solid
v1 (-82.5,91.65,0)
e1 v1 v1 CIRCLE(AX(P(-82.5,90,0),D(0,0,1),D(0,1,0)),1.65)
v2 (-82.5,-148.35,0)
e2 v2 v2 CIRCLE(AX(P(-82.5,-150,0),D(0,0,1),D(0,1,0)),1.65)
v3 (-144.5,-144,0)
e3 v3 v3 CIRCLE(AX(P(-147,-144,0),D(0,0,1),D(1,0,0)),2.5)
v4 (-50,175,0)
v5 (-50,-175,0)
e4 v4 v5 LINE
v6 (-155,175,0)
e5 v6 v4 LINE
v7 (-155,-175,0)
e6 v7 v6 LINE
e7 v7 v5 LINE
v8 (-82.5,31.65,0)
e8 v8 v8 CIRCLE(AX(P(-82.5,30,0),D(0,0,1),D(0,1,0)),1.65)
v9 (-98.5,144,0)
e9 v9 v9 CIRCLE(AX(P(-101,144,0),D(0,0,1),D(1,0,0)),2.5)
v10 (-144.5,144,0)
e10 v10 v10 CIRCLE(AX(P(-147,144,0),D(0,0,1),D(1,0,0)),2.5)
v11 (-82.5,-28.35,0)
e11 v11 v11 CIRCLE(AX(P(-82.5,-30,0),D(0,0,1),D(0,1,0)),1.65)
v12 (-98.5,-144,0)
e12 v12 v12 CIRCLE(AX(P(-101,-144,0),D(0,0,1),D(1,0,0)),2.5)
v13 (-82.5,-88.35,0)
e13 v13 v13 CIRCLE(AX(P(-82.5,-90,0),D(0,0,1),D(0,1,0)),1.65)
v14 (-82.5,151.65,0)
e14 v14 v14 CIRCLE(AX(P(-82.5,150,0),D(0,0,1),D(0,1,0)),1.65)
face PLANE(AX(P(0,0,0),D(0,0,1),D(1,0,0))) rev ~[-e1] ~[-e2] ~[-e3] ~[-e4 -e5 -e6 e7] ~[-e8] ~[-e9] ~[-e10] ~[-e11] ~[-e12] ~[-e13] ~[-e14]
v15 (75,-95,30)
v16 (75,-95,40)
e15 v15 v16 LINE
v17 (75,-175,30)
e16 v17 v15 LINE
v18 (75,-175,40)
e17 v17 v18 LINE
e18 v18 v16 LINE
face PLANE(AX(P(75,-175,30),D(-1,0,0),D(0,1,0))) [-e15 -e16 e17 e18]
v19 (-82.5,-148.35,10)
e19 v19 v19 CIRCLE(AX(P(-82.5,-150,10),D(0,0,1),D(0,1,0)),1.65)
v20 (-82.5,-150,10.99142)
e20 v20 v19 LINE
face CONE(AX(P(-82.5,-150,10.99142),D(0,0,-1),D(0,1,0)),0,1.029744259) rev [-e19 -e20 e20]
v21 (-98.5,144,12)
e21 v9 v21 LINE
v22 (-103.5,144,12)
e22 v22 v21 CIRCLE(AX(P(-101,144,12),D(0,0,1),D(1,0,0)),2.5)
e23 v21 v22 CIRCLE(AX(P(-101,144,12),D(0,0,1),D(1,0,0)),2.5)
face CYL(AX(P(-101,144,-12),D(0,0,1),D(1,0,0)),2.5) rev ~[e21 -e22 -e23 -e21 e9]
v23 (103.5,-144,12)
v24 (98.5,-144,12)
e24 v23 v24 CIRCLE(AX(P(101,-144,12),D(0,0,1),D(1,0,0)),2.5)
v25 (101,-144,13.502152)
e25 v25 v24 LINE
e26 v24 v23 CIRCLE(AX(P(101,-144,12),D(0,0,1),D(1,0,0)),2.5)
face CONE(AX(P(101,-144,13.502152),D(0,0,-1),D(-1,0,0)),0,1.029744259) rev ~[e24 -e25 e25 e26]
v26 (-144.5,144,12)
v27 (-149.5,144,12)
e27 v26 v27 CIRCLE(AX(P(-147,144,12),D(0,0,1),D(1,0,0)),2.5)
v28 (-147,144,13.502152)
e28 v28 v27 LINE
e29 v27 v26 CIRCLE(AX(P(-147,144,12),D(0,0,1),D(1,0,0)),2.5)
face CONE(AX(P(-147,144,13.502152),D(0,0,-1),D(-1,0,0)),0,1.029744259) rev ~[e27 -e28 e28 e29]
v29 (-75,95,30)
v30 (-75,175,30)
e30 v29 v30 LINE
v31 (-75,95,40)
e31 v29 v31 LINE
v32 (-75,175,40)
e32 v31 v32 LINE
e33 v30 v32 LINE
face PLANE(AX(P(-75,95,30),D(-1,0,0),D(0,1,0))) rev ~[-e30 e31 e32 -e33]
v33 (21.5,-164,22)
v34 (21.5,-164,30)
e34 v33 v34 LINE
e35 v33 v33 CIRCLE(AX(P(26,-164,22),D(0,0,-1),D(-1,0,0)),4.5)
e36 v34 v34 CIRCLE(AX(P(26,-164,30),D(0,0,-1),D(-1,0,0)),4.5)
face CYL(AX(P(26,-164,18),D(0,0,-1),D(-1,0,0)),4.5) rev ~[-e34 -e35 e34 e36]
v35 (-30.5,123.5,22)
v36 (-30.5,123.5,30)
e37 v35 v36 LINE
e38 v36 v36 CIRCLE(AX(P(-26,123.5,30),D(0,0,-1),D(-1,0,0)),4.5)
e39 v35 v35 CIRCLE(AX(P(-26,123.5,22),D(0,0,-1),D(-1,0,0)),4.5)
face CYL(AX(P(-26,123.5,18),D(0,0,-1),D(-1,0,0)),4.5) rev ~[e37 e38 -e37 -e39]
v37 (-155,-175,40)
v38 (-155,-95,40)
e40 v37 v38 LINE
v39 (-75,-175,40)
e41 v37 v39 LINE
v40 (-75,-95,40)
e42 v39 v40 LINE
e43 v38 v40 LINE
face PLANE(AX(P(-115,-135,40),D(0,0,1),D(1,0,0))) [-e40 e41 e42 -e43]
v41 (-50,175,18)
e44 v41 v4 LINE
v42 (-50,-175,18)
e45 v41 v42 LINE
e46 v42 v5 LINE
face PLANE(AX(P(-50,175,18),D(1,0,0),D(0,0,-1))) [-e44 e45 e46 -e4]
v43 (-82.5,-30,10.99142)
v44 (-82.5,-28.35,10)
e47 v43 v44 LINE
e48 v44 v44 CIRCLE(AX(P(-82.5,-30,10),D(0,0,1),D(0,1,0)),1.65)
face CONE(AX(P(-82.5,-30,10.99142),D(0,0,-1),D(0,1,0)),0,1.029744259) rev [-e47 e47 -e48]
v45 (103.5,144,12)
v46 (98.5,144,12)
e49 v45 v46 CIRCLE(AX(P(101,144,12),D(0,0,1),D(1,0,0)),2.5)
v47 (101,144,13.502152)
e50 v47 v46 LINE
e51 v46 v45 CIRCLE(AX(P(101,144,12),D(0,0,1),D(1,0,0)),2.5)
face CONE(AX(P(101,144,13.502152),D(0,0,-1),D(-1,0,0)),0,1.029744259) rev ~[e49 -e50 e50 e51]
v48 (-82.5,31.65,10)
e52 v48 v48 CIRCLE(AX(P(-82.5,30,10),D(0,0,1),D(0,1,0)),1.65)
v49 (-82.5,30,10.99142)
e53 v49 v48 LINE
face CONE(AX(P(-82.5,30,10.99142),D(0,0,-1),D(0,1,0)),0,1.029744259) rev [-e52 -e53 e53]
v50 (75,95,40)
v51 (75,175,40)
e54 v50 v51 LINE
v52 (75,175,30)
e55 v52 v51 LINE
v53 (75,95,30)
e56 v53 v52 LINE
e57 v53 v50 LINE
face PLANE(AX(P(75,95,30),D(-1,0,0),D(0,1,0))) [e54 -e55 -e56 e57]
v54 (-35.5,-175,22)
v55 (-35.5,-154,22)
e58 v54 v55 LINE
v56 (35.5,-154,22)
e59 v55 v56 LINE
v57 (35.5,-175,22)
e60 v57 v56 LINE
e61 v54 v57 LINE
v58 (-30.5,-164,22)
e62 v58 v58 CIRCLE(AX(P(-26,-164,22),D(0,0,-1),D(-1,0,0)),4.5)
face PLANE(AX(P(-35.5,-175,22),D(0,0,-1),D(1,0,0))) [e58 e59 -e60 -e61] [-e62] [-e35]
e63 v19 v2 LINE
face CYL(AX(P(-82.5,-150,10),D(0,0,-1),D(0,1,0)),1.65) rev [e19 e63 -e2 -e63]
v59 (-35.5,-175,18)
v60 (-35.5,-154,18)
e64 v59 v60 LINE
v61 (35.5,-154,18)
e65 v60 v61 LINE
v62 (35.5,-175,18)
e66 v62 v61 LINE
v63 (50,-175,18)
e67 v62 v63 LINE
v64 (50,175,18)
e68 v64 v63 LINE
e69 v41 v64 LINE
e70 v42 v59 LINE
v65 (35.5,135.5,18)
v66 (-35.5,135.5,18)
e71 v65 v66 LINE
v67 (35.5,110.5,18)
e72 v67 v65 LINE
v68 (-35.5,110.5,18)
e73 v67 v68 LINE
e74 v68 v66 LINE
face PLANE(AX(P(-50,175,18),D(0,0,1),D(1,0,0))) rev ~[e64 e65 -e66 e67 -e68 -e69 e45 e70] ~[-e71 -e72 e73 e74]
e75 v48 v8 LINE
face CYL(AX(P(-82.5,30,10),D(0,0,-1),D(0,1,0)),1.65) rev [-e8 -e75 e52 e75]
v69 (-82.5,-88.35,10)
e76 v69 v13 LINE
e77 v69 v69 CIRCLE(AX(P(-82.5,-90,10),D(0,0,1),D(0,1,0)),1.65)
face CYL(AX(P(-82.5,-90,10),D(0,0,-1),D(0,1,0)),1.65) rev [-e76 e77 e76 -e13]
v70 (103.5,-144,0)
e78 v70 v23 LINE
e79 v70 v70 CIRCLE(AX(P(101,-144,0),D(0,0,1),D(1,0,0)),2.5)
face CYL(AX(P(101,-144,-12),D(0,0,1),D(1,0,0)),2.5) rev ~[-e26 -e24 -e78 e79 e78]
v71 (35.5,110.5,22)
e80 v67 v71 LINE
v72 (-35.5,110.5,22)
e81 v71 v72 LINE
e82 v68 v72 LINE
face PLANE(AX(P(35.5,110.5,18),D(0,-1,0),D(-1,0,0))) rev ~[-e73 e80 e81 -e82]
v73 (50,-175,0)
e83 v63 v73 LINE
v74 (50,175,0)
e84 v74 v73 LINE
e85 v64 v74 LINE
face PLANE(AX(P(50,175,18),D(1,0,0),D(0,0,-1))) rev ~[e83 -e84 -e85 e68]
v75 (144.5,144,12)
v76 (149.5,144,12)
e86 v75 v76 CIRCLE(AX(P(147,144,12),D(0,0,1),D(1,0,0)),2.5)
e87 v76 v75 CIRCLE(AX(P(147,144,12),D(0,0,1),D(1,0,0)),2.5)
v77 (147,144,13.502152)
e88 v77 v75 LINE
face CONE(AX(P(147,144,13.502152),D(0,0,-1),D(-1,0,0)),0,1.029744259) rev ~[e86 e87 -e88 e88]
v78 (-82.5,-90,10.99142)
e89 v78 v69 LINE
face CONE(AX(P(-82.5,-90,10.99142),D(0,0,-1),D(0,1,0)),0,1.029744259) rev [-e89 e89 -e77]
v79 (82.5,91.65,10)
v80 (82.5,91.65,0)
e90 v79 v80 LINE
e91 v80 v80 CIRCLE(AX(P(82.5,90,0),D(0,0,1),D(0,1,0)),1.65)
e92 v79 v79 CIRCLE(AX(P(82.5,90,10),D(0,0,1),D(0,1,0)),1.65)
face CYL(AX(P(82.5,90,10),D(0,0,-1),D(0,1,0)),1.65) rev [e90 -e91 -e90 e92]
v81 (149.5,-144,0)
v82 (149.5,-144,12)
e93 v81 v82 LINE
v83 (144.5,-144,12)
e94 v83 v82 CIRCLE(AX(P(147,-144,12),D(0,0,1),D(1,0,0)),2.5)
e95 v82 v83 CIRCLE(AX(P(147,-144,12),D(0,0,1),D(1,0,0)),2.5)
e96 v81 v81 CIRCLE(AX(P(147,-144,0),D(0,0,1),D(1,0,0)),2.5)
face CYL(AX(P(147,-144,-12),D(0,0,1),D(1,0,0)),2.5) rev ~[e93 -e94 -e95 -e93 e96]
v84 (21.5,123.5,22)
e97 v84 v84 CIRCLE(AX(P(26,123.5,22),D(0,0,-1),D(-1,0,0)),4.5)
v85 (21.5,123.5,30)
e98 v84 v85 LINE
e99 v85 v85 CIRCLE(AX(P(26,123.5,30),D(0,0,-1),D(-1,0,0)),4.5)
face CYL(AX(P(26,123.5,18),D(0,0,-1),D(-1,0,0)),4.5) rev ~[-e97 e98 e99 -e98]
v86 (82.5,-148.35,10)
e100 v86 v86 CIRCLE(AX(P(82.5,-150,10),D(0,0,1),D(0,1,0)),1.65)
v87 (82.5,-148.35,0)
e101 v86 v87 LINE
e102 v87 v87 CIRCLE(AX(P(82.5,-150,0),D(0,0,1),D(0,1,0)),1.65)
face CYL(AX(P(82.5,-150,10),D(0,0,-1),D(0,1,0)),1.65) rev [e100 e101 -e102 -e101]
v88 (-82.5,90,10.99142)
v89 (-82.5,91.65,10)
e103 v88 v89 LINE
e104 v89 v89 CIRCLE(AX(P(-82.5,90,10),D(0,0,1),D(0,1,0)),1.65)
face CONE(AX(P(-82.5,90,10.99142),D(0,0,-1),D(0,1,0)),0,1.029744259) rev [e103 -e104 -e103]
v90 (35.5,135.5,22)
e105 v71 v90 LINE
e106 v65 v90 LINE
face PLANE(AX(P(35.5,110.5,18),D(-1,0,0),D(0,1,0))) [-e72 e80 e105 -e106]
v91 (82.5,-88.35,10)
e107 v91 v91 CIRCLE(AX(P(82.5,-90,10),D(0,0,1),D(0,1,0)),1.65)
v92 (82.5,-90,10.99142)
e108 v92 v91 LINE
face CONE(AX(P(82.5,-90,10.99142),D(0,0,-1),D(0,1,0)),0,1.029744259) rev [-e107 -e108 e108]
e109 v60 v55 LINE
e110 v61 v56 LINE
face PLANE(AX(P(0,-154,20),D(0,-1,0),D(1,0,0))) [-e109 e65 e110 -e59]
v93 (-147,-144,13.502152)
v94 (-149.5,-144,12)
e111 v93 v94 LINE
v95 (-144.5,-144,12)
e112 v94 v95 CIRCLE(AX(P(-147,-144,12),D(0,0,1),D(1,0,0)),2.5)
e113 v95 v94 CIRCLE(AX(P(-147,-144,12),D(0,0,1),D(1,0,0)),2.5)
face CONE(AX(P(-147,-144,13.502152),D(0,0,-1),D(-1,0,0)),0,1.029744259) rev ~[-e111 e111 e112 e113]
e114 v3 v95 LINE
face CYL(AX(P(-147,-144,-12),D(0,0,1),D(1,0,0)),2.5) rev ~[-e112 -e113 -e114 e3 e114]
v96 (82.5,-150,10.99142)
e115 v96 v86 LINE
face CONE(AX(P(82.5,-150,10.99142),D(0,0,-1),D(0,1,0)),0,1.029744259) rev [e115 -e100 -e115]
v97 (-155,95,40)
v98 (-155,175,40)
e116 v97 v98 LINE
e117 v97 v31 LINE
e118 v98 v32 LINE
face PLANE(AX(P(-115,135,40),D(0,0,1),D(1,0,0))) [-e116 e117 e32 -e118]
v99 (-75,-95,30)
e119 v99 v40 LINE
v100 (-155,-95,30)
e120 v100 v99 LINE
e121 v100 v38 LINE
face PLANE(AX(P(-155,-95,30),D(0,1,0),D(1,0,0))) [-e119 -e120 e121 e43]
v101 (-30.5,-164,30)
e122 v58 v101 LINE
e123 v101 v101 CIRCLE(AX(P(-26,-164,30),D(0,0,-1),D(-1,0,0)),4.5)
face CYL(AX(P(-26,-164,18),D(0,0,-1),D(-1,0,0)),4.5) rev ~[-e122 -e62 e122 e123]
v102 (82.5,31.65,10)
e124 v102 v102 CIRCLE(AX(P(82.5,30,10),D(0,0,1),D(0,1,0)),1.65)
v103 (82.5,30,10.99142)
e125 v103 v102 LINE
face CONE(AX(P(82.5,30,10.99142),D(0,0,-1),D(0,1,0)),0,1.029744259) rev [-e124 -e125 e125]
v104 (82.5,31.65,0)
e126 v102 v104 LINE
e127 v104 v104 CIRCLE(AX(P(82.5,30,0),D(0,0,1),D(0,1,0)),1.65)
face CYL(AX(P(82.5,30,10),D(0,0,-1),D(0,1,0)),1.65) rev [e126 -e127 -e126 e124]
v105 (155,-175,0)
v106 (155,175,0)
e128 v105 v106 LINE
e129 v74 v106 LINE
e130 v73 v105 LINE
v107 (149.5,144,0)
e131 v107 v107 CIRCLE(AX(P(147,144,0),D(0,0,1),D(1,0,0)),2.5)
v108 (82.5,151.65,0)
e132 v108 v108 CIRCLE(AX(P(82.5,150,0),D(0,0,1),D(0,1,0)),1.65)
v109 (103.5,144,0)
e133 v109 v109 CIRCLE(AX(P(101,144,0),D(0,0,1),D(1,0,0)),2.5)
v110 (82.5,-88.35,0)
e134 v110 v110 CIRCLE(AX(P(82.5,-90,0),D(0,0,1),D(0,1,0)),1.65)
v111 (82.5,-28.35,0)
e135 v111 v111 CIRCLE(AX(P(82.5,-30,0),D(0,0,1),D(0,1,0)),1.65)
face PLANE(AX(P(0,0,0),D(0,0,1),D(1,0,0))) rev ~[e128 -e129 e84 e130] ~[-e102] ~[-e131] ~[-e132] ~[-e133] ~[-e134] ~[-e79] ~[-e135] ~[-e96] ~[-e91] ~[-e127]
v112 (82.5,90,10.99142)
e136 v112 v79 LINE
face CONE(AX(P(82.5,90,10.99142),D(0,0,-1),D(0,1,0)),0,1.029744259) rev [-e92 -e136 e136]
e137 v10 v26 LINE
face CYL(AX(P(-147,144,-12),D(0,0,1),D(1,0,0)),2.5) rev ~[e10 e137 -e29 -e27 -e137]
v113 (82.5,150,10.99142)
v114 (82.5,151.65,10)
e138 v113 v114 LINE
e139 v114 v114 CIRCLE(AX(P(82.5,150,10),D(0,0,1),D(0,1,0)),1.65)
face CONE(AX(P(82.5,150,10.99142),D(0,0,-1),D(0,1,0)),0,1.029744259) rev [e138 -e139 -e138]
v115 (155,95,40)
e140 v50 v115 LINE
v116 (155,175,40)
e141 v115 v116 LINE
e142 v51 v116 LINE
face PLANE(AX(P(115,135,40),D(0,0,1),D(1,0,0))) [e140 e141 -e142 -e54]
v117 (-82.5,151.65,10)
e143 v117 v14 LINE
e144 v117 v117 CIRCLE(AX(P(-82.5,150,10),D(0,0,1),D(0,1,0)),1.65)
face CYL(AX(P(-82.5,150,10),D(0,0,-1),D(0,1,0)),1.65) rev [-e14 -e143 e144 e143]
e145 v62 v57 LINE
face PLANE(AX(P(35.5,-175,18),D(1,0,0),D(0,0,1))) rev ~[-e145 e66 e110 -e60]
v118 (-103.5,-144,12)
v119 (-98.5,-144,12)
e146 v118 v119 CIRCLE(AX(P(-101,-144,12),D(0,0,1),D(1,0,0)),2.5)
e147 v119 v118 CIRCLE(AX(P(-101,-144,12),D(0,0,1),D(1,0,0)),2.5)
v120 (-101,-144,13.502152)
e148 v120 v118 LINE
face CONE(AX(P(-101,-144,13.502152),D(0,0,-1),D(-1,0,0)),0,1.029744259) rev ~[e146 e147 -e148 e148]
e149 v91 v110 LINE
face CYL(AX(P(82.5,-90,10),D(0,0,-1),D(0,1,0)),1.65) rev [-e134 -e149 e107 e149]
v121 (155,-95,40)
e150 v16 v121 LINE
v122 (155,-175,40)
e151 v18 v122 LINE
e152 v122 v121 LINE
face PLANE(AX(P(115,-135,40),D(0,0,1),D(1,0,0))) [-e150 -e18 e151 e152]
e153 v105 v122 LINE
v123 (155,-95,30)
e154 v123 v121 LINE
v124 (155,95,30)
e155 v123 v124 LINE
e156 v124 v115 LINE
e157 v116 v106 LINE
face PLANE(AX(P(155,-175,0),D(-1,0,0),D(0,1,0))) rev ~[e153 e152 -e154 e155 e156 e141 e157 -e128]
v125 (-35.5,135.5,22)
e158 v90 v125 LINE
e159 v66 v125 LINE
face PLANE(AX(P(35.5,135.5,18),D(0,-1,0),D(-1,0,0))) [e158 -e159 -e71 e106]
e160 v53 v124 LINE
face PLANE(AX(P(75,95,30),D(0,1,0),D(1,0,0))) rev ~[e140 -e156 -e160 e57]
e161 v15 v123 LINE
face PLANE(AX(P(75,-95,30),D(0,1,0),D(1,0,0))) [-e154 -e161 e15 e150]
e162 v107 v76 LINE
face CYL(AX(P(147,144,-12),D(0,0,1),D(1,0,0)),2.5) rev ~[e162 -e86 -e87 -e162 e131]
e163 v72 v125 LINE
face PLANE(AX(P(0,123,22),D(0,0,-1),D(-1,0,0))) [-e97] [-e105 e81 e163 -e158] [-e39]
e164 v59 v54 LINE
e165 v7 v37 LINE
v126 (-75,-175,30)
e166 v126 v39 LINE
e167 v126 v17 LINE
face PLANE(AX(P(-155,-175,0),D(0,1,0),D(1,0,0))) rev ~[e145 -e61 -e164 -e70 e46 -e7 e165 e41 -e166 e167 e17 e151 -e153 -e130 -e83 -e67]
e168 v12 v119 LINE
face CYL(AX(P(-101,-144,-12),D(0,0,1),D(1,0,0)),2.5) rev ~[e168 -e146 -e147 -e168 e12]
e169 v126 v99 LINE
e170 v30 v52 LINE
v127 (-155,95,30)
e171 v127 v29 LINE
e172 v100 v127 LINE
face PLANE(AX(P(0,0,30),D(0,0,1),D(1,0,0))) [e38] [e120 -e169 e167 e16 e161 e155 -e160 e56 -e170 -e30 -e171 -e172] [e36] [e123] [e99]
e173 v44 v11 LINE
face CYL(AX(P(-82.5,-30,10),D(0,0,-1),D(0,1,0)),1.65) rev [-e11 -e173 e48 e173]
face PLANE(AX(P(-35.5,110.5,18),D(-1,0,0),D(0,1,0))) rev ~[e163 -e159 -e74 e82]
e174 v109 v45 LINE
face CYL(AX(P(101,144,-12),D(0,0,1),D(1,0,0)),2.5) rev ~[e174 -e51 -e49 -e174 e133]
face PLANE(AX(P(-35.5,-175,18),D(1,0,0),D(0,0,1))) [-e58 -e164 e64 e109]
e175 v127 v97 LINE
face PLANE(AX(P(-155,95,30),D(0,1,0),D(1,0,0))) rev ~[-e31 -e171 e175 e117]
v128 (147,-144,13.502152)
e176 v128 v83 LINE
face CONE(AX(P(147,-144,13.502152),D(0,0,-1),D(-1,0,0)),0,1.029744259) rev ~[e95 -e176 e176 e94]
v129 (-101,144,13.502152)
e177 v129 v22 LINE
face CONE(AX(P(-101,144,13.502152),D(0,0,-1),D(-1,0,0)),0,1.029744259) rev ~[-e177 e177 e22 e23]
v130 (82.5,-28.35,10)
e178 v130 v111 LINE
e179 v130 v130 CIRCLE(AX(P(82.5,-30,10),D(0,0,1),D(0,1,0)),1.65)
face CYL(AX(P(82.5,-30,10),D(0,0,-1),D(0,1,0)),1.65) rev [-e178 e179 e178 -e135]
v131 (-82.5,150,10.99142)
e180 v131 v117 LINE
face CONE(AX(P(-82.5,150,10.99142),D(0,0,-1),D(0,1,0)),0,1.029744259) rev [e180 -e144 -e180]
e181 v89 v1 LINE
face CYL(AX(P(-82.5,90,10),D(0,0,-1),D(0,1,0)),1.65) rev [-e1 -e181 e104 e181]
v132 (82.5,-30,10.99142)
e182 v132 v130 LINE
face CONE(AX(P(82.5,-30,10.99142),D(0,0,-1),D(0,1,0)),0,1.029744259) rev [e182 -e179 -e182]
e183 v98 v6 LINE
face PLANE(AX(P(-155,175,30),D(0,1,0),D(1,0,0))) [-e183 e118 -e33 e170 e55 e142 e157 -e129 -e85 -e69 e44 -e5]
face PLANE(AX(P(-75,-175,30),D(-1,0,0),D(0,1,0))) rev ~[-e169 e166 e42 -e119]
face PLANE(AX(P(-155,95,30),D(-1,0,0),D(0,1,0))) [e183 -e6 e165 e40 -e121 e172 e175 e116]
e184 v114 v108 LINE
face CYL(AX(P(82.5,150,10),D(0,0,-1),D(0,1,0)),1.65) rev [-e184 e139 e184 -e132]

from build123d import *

# Parameters (mm, degrees)
SKETCH_1_W                  = 310
SKETCH_1_H                  = 350
EXTRUDE_1_DEPTH             = 30
SKETCH_2_W                  = 100
SKETCH_2_H                  = 18
CUT_EXTRUDE_1_DEPTH         = 384.959633295
SKETCH_3_W                  = 80
SKETCH_3_H                  = 80
EXTRUDE_2_DEPTH             = 10
SKETCH_5_W                  = 71
SKETCH_5_H                  = 4
CUT_EXTRUDE_3_DEPTH         = 21
SKETCH_7_W                  = 71
SKETCH_7_H                  = 25
CUT_EXTRUDE_4_DEPTH         = 4
SKETCH_8_R                  = 4.5
CUT_EXTRUDE_5_DEPTH         = 235.806303152
HOLE_WIZARD_M6_1_D          = 5
HOLE_WIZARD_M6_1_DEPTH      = 12
HOLE_WIZARD_M6_1_TIP        = 1.502151548
HOLE_WIZARD_M4_1_AT_2_COUNT = 2
HOLE_WIZARD_M4_1_AT_2_PITCH = 165
PATTERN_LINEAR_1_COUNT      = 6
PATTERN_LINEAR_1_PITCH      = 60


with BuildPart() as part:
    # 草图1 → 凸台-拉伸1 (new body)
    with BuildSketch(Plane.XY):
        Rectangle(SKETCH_1_W, SKETCH_1_H)
    extrude(amount=EXTRUDE_1_DEPTH)

    # 草图2 → 切除-拉伸1 (cut, through all)
    with BuildSketch(Plane(origin=(0, 175, 0), x_dir=(1, 0, 0), z_dir=(0, 1, 0))):
        with Locations((0, -9)):
            Rectangle(SKETCH_2_W, SKETCH_2_H)
    extrude(amount=-CUT_EXTRUDE_1_DEPTH, mode=Mode.SUBTRACT)

    # 草图3 → 凸台-拉伸2 (add)
    with BuildSketch(Plane.XY.offset(30)):
        with Locations((-115, 135)):
            Rectangle(SKETCH_3_W, SKETCH_3_H)
        with Locations((115, 135)):
            Rectangle(SKETCH_3_W, SKETCH_3_H)
        with Locations((-115, -135)):
            Rectangle(SKETCH_3_W, SKETCH_3_H)
        with Locations((115, -135)):
            Rectangle(SKETCH_3_W, SKETCH_3_H)
    extrude(amount=EXTRUDE_2_DEPTH)

    # 草图5 → 切除-拉伸3 (cut)
    with BuildSketch(Plane.XZ.offset(175)):
        with Locations((0, 20)):
            Rectangle(SKETCH_5_W, SKETCH_5_H)
    extrude(amount=-CUT_EXTRUDE_3_DEPTH, mode=Mode.SUBTRACT)

    # 草图7 → 切除-拉伸4 (cut)
    with BuildSketch(Plane(origin=(0, 0, 18), x_dir=(-1, 0, 0), z_dir=(0, 0, -1))):
        with Locations((0, 123)):
            Rectangle(SKETCH_7_W, SKETCH_7_H)
    extrude(amount=-CUT_EXTRUDE_4_DEPTH, mode=Mode.SUBTRACT)

    # 草图8 → 切除-拉伸5 (cut, through all)
    with BuildSketch(Plane(origin=(0, 0, 18), x_dir=(-1, 0, 0), z_dir=(0, 0, -1))):
        with Locations((-26, 123.5)):
            Circle(SKETCH_8_R)
        with Locations((26, 123.5)):
            Circle(SKETCH_8_R)
        with Locations((-26, -164)):
            Circle(SKETCH_8_R)
        with Locations((26, -164)):
            Circle(SKETCH_8_R)
    extrude(amount=-CUT_EXTRUDE_5_DEPTH, mode=Mode.SUBTRACT)

    # M6 螺纹孔1
    with Locations(Plane(origin=(147, 144, 0), x_dir=(-1, 0, 0), z_dir=(0, 0, -1))):
        with Locations((0, 0), (46, 0), (248, 0), (294, 0), (0, -288), (46, -288), (248, -288), (294, -288)):
            Hole(HOLE_WIZARD_M6_1_D / 2, depth=HOLE_WIZARD_M6_1_DEPTH)
            with Locations((0, 0, -(HOLE_WIZARD_M6_1_DEPTH + HOLE_WIZARD_M6_1_TIP / 2))):  # 118° drill point
                Cone(0, HOLE_WIZARD_M6_1_D / 2, HOLE_WIZARD_M6_1_TIP, mode=Mode.SUBTRACT)

    # 草图14 → M4 螺纹孔1 (revolve, cut)
    with BuildSketch(Plane(origin=(82.5, 150, 0), x_dir=(0, 1, 0), z_dir=(1, 0, 0))):
        Polygon((0, 0), (0, 10.991420021), (1.65, 10), (1.65, 0), align=None)
    hole_wizard_m4_1 = revolve(axis=Axis((82.5, 150, -6.35), (0, 0, 1)), mode=Mode.SUBTRACT)

    # M4 螺纹孔1 at 2: M4 螺纹孔1 ×2
    with Locations(*[(-i * HOLE_WIZARD_M4_1_AT_2_PITCH, 0, 0) for i in range(1, HOLE_WIZARD_M4_1_AT_2_COUNT)]):
        add(hole_wizard_m4_1, mode=Mode.SUBTRACT)

    # 阵列(线性)1: M4 螺纹孔1 ×6
    with Locations(*[(0, -i * PATTERN_LINEAR_1_PITCH, 0) for i in range(1, PATTERN_LINEAR_1_COUNT)]):
        add(hole_wizard_m4_1, mode=Mode.SUBTRACT)

    # 阵列(线性)1 copy 1 sketch → 阵列(线性)1 copy 1 (revolve, cut)
    with BuildSketch(Plane(origin=(-82.5, 90, 0), x_dir=(0, 1, 0), z_dir=(1, 0, 0))):
        Polygon((0, 0), (0, 10.991420021), (1.65, 10), (1.65, 0), align=None)
    revolve(axis=Axis((-82.5, 90, -6.35), (0, 0, 1)), mode=Mode.SUBTRACT)

    # 阵列(线性)1 copy 2 sketch → 阵列(线性)1 copy 2 (revolve, cut)
    with BuildSketch(Plane(origin=(-82.5, 30, 0), x_dir=(0, 1, 0), z_dir=(1, 0, 0))):
        Polygon((0, 0), (0, 10.991420021), (1.65, 10), (1.65, 0), align=None)
    revolve(axis=Axis((-82.5, 30, -6.35), (0, 0, 1)), mode=Mode.SUBTRACT)

    # 阵列(线性)1 copy 3 sketch → 阵列(线性)1 copy 3 (revolve, cut)
    with BuildSketch(Plane(origin=(-82.5, -30, 0), x_dir=(0, 1, 0), z_dir=(1, 0, 0))):
        Polygon((0, 0), (0, 10.991420021), (1.65, 10), (1.65, 0), align=None)
    revolve(axis=Axis((-82.5, -30, -6.35), (0, 0, 1)), mode=Mode.SUBTRACT)

    # 阵列(线性)1 copy 4 sketch → 阵列(线性)1 copy 4 (revolve, cut)
    with BuildSketch(Plane(origin=(-82.5, -90, 0), x_dir=(0, 1, 0), z_dir=(1, 0, 0))):
        Polygon((0, 0), (0, 10.991420021), (1.65, 10), (1.65, 0), align=None)
    revolve(axis=Axis((-82.5, -90, -6.35), (0, 0, 1)), mode=Mode.SUBTRACT)

    # 阵列(线性)1 copy 5 sketch → 阵列(线性)1 copy 5 (revolve, cut)
    with BuildSketch(Plane(origin=(-82.5, -150, 0), x_dir=(0, 1, 0), z_dir=(1, 0, 0))):
        Polygon((0, 0), (0, 10.991420021), (1.65, 10), (1.65, 0), align=None)
    revolve(axis=Axis((-82.5, -150, -6.35), (0, 0, 1)), mode=Mode.SUBTRACT)


solid = part.part
